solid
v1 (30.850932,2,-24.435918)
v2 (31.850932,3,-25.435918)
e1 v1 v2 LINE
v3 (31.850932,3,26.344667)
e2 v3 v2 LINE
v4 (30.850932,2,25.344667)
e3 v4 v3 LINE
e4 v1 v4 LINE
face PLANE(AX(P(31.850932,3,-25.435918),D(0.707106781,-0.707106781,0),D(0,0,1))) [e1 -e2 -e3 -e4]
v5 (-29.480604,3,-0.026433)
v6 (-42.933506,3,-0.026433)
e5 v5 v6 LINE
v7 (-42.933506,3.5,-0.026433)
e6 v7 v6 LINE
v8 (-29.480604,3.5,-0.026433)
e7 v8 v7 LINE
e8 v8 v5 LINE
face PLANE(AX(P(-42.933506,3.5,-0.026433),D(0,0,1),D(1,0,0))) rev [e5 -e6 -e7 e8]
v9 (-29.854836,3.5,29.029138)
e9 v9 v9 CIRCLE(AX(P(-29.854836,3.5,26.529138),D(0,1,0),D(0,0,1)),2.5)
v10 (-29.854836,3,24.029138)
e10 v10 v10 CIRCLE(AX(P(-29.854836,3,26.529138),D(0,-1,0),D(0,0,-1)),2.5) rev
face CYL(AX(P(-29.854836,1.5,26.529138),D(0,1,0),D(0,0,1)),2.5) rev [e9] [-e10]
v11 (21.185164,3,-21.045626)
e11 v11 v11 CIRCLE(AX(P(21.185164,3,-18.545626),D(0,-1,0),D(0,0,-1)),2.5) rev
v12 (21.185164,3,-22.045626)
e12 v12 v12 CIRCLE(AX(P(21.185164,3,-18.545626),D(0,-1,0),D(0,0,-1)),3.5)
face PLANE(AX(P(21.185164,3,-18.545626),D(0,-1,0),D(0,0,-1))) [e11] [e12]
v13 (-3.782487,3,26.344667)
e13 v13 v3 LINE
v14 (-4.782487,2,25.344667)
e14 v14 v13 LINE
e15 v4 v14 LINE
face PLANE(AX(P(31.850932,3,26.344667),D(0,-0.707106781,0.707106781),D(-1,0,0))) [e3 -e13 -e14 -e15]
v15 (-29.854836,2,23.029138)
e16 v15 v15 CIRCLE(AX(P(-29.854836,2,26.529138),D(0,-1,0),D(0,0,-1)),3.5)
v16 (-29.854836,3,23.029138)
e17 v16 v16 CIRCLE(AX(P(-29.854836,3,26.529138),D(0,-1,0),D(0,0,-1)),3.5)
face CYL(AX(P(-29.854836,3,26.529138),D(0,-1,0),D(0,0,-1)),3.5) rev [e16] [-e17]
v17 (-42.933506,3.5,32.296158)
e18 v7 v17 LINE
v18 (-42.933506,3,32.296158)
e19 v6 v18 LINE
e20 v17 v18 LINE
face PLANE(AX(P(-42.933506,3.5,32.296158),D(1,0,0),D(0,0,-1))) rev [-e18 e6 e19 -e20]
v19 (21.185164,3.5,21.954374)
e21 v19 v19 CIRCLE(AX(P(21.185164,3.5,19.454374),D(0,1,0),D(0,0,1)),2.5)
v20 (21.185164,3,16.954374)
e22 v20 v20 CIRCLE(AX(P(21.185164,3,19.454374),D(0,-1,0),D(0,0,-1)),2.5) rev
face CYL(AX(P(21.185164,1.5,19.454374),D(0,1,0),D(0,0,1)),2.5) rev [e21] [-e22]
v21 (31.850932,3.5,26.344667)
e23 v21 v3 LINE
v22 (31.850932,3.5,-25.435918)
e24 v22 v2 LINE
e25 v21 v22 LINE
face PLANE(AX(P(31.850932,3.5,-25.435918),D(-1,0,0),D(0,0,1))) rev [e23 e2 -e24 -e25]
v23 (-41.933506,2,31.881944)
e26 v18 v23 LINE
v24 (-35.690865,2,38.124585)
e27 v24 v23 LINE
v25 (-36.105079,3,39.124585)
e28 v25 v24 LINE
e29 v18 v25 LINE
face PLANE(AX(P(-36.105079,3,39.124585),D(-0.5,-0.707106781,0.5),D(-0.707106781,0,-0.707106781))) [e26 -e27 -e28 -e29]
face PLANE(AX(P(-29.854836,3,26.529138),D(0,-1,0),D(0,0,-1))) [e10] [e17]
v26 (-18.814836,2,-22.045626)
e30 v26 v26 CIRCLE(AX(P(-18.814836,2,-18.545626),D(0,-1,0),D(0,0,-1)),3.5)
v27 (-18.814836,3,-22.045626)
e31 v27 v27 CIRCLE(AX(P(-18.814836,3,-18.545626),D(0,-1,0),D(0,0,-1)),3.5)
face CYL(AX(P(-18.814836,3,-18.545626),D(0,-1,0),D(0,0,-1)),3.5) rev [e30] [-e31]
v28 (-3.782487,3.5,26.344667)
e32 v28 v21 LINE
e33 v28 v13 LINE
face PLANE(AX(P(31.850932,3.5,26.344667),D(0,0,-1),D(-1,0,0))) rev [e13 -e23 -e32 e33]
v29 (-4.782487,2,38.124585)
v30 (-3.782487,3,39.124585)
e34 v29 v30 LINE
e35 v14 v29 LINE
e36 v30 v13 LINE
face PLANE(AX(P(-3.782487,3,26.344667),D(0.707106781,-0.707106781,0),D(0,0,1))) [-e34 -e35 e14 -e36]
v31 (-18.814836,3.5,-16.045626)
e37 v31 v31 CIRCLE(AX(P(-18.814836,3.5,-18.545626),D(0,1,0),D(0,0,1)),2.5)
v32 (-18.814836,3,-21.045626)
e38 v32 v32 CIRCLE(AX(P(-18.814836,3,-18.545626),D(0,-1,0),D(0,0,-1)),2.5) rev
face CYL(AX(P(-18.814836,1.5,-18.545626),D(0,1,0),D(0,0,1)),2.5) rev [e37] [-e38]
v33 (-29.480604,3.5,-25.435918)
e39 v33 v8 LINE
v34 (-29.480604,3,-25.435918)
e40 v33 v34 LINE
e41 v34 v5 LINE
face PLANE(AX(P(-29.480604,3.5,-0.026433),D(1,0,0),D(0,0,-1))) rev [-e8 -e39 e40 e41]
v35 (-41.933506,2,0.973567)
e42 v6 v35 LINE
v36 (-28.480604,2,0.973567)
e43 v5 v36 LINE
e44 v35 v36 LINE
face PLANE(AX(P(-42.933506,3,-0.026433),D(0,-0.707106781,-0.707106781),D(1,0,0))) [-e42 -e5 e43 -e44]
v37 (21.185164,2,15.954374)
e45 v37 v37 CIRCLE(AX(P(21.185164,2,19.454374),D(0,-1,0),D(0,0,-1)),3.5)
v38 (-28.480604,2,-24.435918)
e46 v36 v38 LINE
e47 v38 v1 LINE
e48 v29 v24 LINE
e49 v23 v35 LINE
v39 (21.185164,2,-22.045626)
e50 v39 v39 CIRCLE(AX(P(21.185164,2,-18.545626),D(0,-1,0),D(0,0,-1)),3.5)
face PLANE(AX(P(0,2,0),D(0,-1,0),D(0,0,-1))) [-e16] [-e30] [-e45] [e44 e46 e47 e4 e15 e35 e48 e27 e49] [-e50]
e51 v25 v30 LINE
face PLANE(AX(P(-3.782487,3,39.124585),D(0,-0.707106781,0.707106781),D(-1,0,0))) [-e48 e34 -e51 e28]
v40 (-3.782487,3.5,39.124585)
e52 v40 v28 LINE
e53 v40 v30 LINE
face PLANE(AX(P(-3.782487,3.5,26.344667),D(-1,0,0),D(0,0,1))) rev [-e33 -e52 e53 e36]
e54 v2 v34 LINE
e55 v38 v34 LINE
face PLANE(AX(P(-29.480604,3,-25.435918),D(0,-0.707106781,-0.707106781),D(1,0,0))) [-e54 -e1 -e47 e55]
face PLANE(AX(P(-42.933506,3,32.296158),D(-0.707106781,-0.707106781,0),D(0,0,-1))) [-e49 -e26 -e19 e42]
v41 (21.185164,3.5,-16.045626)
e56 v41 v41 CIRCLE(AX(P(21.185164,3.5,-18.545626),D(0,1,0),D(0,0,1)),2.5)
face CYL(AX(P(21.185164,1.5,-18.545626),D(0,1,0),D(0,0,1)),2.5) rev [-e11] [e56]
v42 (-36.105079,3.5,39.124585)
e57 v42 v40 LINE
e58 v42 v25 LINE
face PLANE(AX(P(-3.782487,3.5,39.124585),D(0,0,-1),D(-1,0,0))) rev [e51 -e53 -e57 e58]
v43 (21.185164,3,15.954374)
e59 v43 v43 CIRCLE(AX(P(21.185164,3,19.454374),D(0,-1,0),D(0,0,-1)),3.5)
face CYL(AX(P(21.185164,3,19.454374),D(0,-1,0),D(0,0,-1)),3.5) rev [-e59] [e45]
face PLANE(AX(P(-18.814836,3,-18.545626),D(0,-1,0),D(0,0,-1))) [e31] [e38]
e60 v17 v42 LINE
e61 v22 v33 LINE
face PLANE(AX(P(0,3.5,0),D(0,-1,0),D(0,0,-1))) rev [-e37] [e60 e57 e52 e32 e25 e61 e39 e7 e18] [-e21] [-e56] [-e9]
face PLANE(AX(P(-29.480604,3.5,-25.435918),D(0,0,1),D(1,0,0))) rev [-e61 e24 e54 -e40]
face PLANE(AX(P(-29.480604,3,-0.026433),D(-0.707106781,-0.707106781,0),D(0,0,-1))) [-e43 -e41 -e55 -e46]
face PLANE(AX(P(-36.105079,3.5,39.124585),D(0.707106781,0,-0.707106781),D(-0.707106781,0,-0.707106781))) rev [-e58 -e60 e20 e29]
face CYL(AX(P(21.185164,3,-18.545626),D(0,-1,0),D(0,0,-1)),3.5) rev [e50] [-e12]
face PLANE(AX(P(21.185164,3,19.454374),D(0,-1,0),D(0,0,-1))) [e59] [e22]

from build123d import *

# Parameters (mm, degrees)
BOSS_EXTRUDE1_DEPTH = 2
CHAMFER1_SIZE       = 8
BOSS_EXTRUDE2_DEPTH = 1.5
SKETCH4_W           = 99.768826376
SKETCH4_H           = 91.588754032
CUT_EXTRUDE1_DEPTH  = 2
SKETCH5_R           = 2.5
CUT_EXTRUDE2_DEPTH  = 2
SKETCH6_R           = 3.5
CUT_EXTRUDE3_DEPTH  = 1
CHAMFER2_SIZE       = 1


with BuildPart() as part:
    # Sketch1 → Boss-Extrude1 (new body)
    with BuildSketch(Plane(origin=(0, 0, 0), x_dir=(1, 0, 0), z_dir=(0, 1, 0))):
        Polygon((-1.782487159, -28.34466675), (33.85093234, -28.34466675), (33.85093234, 27.435918205), (-31.480603593, 27.435918205), (-31.480603593, 2.026433414), (-44.933505709, 2.026433414), (-44.933505709, -41.124585136), (-1.782487159, -41.124585136), align=None)
    extrude(amount=BOSS_EXTRUDE1_DEPTH)

    # Chamfer1
    chamfer1_edges = [part.edges().sort_by_distance(p)[0] for p in [
        (-44.933505709, 1, 41.124585136),
    ]]
    chamfer(chamfer1_edges, length=CHAMFER1_SIZE)

    # Sketch3 → Boss-Extrude2 (add)
    with BuildSketch(Plane(origin=(0, 2, 0), x_dir=(1, 0, 0), z_dir=(0, 1, 0))):
        Polygon((-29.480603593, 25.435918205), (31.85093234, 25.435918205), (31.85093234, -26.34466675), (-3.782487159, -26.34466675), (-3.782487159, -39.124585136), (-36.105078585, -39.124585136), (-42.933505709, -32.296158012), (-42.933505709, 0.026433414), (-29.480603593, 0.026433414), align=None)
    extrude(amount=BOSS_EXTRUDE2_DEPTH)

    # Sketch4 → Cut-Extrude1 (cut)
    with BuildSketch(Plane.XZ):
        Rectangle(SKETCH4_W, SKETCH4_H)
    extrude(amount=-CUT_EXTRUDE1_DEPTH, mode=Mode.SUBTRACT)

    # Sketch5 → Cut-Extrude2 (cut)
    with BuildSketch(Plane(origin=(0, 3.5, 0), x_dir=(1, 0, 0), z_dir=(0, 1, 0))):
        with Locations(Location((-18.814835626, 18.545625727, 0), (0, 0, 270))):
            Circle(SKETCH5_R)
        with Locations(Location((21.185164374, 18.545625727, 0), (0, 0, 270))):
            Circle(SKETCH5_R)
        with Locations(Location((21.185164374, -19.454374273, 0), (0, 0, 270))):
            Circle(SKETCH5_R)
        with Locations(Location((-29.854835626, -26.529137879, 0), (0, 0, 270))):
            Circle(SKETCH5_R)
    extrude(amount=-CUT_EXTRUDE2_DEPTH, mode=Mode.SUBTRACT)

    # Sketch6 → Cut-Extrude3 (cut)
    with BuildSketch(Plane.XZ.offset(-2)):
        with Locations(Location((-29.854835626, 26.529137879, 0), (0, 0, 270))):
            Circle(SKETCH6_R)
        with Locations(Location((21.185164374, 19.454374273, 0), (0, 0, 270))):
            Circle(SKETCH6_R)
        with Locations(Location((-18.814835626, -18.545625727, 0), (0, 0, 270))):
            Circle(SKETCH6_R)
        with Locations(Location((21.185164374, -18.545625727, 0), (0, 0, 270))):
            Circle(SKETCH6_R)
    extrude(amount=-CUT_EXTRUDE3_DEPTH, mode=Mode.SUBTRACT)

    # Chamfer2
    chamfer2_edges = [part.edges().sort_by_distance(p)[0] for p in [
        (-29.480603593, 2, -12.731175809),
        (-36.207054651, 2, -0.026433414),
        (-42.933505709, 2, 16.134862299),
        (-39.519292147, 2, 35.710371574),
        (-19.943782872, 2, 39.124585136),
        (-3.782487159, 2, 32.734625943),
        (14.034222591, 2, 26.34466675),
        (31.85093234, 2, 0.454374273),
        (1.185164374, 2, -25.435918205),
    ]]
    chamfer(chamfer2_edges, length=CHAMFER2_SIZE)


solid = part.part
